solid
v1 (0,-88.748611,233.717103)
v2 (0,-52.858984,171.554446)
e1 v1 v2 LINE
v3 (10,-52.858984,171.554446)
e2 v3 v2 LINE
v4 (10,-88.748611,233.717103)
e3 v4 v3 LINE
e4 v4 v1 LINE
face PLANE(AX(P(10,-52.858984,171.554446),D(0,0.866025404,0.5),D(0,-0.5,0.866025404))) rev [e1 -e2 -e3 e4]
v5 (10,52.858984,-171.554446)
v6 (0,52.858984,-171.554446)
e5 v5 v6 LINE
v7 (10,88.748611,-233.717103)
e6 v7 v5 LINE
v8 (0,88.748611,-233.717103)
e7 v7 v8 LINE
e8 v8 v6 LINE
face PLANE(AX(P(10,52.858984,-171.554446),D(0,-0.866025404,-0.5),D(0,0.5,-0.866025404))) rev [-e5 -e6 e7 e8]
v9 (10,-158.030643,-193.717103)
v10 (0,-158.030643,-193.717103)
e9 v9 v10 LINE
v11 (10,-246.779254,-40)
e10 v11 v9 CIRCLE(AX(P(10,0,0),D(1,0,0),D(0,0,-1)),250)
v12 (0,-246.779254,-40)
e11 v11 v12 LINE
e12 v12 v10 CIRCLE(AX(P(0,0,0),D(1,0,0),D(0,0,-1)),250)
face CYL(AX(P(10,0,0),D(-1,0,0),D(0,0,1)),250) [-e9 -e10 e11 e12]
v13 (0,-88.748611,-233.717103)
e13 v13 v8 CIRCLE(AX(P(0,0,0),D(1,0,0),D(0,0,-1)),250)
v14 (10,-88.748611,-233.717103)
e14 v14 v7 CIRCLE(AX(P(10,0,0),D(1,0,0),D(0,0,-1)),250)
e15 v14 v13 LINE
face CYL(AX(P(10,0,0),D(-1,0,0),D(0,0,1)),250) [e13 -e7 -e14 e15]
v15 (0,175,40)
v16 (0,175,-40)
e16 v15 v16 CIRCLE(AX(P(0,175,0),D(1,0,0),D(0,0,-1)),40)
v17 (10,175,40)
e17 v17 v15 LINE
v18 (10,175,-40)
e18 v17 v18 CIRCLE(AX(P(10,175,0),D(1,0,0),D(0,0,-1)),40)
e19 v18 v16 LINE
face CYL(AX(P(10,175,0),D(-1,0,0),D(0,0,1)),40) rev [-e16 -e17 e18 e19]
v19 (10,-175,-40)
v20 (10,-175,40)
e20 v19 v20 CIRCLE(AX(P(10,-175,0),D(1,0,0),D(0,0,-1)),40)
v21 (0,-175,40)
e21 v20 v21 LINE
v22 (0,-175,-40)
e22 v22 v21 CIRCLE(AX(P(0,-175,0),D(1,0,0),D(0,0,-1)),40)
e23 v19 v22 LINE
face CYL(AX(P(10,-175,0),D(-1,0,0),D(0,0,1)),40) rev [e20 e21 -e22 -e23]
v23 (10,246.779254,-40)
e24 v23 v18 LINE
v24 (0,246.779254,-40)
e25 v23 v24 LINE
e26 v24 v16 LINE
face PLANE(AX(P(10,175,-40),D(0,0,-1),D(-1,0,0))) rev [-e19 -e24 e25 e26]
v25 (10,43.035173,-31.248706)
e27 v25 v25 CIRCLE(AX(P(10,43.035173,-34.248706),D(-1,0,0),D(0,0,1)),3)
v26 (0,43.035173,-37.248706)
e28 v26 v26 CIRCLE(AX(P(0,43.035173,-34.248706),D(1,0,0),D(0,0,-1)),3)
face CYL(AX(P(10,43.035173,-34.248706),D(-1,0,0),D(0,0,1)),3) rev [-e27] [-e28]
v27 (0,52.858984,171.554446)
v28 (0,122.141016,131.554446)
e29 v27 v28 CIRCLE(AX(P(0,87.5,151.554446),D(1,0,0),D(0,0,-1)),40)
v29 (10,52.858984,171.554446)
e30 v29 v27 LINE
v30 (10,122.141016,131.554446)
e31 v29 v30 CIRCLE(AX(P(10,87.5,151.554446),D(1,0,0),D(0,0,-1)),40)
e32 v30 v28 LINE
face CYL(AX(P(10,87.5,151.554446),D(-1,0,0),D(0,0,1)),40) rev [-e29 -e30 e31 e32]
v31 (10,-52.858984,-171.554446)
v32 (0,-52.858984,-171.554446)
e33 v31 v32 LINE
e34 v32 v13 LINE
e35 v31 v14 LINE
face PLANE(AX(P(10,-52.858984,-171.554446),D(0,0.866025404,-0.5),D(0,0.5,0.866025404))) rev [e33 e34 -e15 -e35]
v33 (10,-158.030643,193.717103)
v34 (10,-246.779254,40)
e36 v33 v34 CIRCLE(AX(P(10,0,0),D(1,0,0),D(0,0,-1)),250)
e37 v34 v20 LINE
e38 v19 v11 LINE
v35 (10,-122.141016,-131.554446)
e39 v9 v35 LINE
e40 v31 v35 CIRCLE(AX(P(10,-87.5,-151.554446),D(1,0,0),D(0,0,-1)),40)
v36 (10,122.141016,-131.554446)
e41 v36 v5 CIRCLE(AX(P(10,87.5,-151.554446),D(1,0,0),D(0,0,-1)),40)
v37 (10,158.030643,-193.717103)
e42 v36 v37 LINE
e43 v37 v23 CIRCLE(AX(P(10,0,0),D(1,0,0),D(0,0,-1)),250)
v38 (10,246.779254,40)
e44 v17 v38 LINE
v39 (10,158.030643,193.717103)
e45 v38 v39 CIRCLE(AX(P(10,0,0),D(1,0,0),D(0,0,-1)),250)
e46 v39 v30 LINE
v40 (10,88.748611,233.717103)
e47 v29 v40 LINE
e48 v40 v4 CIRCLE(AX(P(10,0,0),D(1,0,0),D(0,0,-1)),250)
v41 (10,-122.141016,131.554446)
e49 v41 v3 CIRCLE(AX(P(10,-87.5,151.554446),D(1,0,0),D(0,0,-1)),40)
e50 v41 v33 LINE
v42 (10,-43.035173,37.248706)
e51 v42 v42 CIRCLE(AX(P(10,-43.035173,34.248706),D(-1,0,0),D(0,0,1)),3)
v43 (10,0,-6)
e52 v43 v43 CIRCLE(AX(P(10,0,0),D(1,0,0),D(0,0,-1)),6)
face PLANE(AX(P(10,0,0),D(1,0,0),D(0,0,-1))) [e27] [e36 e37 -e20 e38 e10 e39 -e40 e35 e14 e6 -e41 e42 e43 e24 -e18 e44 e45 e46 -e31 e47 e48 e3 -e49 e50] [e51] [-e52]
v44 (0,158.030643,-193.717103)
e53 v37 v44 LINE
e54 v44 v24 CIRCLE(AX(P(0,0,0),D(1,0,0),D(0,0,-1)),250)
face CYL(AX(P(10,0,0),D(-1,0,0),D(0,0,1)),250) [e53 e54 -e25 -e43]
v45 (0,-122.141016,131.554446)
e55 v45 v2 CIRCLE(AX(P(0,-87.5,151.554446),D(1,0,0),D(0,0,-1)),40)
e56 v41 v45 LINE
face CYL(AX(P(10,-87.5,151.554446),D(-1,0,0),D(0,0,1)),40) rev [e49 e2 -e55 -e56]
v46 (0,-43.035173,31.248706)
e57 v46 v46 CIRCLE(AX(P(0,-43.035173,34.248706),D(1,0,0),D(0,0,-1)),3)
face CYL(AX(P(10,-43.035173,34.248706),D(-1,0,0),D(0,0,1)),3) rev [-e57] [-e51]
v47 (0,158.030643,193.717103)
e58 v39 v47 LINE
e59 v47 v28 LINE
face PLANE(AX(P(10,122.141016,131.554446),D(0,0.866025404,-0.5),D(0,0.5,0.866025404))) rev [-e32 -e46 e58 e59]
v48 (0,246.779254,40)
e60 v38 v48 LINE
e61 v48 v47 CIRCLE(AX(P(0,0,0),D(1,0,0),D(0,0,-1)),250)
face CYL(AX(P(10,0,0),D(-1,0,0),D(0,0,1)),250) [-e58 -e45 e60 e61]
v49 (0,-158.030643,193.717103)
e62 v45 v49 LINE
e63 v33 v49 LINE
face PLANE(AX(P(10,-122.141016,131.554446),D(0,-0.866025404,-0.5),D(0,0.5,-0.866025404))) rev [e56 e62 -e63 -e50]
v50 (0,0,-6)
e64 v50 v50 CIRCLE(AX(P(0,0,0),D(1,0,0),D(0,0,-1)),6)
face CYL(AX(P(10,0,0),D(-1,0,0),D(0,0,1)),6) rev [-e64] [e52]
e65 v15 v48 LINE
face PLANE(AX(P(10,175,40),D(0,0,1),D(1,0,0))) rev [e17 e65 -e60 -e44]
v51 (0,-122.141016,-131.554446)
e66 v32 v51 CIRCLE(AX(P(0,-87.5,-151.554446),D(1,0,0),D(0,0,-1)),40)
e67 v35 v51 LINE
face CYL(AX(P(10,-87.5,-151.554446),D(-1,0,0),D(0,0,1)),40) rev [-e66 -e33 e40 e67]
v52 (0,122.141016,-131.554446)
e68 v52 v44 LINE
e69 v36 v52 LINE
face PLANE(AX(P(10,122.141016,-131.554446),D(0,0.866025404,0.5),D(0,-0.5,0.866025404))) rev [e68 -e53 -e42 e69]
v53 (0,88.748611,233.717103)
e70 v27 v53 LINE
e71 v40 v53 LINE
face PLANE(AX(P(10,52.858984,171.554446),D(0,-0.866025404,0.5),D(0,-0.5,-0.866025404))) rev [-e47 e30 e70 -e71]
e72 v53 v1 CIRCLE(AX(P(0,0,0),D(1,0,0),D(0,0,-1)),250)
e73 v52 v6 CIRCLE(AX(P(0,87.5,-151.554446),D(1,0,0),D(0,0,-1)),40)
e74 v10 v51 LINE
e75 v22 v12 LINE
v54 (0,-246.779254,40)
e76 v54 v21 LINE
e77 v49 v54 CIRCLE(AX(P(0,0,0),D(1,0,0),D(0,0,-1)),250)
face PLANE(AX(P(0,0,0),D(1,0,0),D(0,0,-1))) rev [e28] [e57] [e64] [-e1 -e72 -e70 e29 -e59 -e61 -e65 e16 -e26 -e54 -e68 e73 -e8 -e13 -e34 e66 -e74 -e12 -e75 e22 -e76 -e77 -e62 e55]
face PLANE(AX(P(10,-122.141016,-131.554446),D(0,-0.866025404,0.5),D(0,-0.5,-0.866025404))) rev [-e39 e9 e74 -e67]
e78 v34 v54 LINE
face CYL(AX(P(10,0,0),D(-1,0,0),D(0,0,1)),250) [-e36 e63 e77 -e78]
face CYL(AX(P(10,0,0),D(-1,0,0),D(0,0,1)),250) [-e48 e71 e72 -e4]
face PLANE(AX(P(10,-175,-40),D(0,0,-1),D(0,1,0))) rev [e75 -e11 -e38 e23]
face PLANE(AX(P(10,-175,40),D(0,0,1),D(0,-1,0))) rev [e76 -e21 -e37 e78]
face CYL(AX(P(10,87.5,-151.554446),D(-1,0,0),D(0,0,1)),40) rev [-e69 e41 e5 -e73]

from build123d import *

# Parameters (mm, degrees)
SKETCH1_R               = 250
SKETCH1_R_2             = 6
SKETCH1_R_3             = 40
BOSS_EXTRUDE1_DEPTH     = 10
CUT_EXTRUDE1_DEPTH      = 354.694783677
CUT_EXTRUDE1_DEPTH_BACK = 354.694783677
SKETCH2_R               = 3


with BuildPart() as part:
    # Sketch1 → Boss-Extrude1 (new body)
    with BuildSketch(Plane(origin=(0, 0, 0), x_dir=(0, 0, -1), z_dir=(1, 0, 0))):
        Circle(SKETCH1_R)
        Circle(SKETCH1_R_2, mode=Mode.SUBTRACT)
        with Locations((0, 175)):
            Circle(SKETCH1_R_3, mode=Mode.SUBTRACT)
        with Locations((151.554445662, 87.5)):
            Circle(SKETCH1_R_3, mode=Mode.SUBTRACT)
        with Locations((151.554445662, -87.5)):
            Circle(SKETCH1_R_3, mode=Mode.SUBTRACT)
        with Locations((0, -175)):
            Circle(SKETCH1_R_3, mode=Mode.SUBTRACT)
        with Locations((-151.554445662, -87.5)):
            Circle(SKETCH1_R_3, mode=Mode.SUBTRACT)
        with Locations((-151.554445662, 87.5)):
            Circle(SKETCH1_R_3, mode=Mode.SUBTRACT)
    extrude(amount=BOSS_EXTRUDE1_DEPTH)

    # Sketch2 → Cut-Extrude1 (cut, two sides: drawn at the far end of the back side and taken through both)
    with BuildSketch(Plane.ZY.offset(-CUT_EXTRUDE1_DEPTH_BACK)):
        with Locations((-34.248705894, 43.035173342)):
            Circle(SKETCH2_R)
        with Locations((34.248705894, -43.035173342)):
            Circle(SKETCH2_R)
        with BuildLine():
            Line((-40, 175), (-40, 246.779253585))
            ThreePointArc((-40, 246.779253585), (0, 250), (40, 246.779253585))
            Line((40, 246.779253585), (40, 175))
            ThreePointArc((40, 175), (0, 215), (-40, 175))
        make_face()
        with BuildLine():
            Line((131.554445662, 122.141016151), (193.717102732, 158.030642944))
            ThreePointArc((193.717102732, 158.030642944), (216.506350946, 125), (233.717102732, 88.748610641))
            Line((233.717102732, 88.748610641), (171.554445662, 52.858983849))
            ThreePointArc((171.554445662, 52.858983849), (186.195461814, 107.5), (131.554445662, 122.141016151))
        make_face()
        with BuildLine():
            Line((171.554445662, -52.858983849), (233.717102732, -88.748610641))
            ThreePointArc((233.717102732, -88.748610641), (216.506350946, -125), (193.717102732, -158.030642944))
            Line((193.717102732, -158.030642944), (131.554445662, -122.141016151))
            ThreePointArc((131.554445662, -122.141016151), (186.195461814, -107.5), (171.554445662, -52.858983849))
        make_face()
        with BuildLine():
            Line((40, -175), (40, -246.779253585))
            ThreePointArc((40, -246.779253585), (0, -250), (-40, -246.779253585))
            Line((-40, -246.779253585), (-40, -175))
            ThreePointArc((-40, -175), (0, -215), (40, -175))
        make_face()
        with BuildLine():
            Line((-131.554445662, -122.141016151), (-193.717102732, -158.030642944))
            ThreePointArc((-193.717102732, -158.030642944), (-216.506350946, -125), (-233.717102732, -88.748610641))
            Line((-233.717102732, -88.748610641), (-171.554445662, -52.858983849))
            ThreePointArc((-171.554445662, -52.858983849), (-186.195461814, -107.5), (-131.554445662, -122.141016151))
        make_face()
        with BuildLine():
            Line((-171.554445662, 52.858983849), (-233.717102732, 88.748610641))
            ThreePointArc((-233.717102732, 88.748610641), (-216.506350946, 125), (-193.717102732, 158.030642944))
            Line((-193.717102732, 158.030642944), (-131.554445662, 122.141016151))
            ThreePointArc((-131.554445662, 122.141016151), (-186.195461814, 107.5), (-171.554445662, 52.858983849))
        make_face()
    extrude(amount=CUT_EXTRUDE1_DEPTH + CUT_EXTRUDE1_DEPTH_BACK, mode=Mode.SUBTRACT)


solid = part.part
